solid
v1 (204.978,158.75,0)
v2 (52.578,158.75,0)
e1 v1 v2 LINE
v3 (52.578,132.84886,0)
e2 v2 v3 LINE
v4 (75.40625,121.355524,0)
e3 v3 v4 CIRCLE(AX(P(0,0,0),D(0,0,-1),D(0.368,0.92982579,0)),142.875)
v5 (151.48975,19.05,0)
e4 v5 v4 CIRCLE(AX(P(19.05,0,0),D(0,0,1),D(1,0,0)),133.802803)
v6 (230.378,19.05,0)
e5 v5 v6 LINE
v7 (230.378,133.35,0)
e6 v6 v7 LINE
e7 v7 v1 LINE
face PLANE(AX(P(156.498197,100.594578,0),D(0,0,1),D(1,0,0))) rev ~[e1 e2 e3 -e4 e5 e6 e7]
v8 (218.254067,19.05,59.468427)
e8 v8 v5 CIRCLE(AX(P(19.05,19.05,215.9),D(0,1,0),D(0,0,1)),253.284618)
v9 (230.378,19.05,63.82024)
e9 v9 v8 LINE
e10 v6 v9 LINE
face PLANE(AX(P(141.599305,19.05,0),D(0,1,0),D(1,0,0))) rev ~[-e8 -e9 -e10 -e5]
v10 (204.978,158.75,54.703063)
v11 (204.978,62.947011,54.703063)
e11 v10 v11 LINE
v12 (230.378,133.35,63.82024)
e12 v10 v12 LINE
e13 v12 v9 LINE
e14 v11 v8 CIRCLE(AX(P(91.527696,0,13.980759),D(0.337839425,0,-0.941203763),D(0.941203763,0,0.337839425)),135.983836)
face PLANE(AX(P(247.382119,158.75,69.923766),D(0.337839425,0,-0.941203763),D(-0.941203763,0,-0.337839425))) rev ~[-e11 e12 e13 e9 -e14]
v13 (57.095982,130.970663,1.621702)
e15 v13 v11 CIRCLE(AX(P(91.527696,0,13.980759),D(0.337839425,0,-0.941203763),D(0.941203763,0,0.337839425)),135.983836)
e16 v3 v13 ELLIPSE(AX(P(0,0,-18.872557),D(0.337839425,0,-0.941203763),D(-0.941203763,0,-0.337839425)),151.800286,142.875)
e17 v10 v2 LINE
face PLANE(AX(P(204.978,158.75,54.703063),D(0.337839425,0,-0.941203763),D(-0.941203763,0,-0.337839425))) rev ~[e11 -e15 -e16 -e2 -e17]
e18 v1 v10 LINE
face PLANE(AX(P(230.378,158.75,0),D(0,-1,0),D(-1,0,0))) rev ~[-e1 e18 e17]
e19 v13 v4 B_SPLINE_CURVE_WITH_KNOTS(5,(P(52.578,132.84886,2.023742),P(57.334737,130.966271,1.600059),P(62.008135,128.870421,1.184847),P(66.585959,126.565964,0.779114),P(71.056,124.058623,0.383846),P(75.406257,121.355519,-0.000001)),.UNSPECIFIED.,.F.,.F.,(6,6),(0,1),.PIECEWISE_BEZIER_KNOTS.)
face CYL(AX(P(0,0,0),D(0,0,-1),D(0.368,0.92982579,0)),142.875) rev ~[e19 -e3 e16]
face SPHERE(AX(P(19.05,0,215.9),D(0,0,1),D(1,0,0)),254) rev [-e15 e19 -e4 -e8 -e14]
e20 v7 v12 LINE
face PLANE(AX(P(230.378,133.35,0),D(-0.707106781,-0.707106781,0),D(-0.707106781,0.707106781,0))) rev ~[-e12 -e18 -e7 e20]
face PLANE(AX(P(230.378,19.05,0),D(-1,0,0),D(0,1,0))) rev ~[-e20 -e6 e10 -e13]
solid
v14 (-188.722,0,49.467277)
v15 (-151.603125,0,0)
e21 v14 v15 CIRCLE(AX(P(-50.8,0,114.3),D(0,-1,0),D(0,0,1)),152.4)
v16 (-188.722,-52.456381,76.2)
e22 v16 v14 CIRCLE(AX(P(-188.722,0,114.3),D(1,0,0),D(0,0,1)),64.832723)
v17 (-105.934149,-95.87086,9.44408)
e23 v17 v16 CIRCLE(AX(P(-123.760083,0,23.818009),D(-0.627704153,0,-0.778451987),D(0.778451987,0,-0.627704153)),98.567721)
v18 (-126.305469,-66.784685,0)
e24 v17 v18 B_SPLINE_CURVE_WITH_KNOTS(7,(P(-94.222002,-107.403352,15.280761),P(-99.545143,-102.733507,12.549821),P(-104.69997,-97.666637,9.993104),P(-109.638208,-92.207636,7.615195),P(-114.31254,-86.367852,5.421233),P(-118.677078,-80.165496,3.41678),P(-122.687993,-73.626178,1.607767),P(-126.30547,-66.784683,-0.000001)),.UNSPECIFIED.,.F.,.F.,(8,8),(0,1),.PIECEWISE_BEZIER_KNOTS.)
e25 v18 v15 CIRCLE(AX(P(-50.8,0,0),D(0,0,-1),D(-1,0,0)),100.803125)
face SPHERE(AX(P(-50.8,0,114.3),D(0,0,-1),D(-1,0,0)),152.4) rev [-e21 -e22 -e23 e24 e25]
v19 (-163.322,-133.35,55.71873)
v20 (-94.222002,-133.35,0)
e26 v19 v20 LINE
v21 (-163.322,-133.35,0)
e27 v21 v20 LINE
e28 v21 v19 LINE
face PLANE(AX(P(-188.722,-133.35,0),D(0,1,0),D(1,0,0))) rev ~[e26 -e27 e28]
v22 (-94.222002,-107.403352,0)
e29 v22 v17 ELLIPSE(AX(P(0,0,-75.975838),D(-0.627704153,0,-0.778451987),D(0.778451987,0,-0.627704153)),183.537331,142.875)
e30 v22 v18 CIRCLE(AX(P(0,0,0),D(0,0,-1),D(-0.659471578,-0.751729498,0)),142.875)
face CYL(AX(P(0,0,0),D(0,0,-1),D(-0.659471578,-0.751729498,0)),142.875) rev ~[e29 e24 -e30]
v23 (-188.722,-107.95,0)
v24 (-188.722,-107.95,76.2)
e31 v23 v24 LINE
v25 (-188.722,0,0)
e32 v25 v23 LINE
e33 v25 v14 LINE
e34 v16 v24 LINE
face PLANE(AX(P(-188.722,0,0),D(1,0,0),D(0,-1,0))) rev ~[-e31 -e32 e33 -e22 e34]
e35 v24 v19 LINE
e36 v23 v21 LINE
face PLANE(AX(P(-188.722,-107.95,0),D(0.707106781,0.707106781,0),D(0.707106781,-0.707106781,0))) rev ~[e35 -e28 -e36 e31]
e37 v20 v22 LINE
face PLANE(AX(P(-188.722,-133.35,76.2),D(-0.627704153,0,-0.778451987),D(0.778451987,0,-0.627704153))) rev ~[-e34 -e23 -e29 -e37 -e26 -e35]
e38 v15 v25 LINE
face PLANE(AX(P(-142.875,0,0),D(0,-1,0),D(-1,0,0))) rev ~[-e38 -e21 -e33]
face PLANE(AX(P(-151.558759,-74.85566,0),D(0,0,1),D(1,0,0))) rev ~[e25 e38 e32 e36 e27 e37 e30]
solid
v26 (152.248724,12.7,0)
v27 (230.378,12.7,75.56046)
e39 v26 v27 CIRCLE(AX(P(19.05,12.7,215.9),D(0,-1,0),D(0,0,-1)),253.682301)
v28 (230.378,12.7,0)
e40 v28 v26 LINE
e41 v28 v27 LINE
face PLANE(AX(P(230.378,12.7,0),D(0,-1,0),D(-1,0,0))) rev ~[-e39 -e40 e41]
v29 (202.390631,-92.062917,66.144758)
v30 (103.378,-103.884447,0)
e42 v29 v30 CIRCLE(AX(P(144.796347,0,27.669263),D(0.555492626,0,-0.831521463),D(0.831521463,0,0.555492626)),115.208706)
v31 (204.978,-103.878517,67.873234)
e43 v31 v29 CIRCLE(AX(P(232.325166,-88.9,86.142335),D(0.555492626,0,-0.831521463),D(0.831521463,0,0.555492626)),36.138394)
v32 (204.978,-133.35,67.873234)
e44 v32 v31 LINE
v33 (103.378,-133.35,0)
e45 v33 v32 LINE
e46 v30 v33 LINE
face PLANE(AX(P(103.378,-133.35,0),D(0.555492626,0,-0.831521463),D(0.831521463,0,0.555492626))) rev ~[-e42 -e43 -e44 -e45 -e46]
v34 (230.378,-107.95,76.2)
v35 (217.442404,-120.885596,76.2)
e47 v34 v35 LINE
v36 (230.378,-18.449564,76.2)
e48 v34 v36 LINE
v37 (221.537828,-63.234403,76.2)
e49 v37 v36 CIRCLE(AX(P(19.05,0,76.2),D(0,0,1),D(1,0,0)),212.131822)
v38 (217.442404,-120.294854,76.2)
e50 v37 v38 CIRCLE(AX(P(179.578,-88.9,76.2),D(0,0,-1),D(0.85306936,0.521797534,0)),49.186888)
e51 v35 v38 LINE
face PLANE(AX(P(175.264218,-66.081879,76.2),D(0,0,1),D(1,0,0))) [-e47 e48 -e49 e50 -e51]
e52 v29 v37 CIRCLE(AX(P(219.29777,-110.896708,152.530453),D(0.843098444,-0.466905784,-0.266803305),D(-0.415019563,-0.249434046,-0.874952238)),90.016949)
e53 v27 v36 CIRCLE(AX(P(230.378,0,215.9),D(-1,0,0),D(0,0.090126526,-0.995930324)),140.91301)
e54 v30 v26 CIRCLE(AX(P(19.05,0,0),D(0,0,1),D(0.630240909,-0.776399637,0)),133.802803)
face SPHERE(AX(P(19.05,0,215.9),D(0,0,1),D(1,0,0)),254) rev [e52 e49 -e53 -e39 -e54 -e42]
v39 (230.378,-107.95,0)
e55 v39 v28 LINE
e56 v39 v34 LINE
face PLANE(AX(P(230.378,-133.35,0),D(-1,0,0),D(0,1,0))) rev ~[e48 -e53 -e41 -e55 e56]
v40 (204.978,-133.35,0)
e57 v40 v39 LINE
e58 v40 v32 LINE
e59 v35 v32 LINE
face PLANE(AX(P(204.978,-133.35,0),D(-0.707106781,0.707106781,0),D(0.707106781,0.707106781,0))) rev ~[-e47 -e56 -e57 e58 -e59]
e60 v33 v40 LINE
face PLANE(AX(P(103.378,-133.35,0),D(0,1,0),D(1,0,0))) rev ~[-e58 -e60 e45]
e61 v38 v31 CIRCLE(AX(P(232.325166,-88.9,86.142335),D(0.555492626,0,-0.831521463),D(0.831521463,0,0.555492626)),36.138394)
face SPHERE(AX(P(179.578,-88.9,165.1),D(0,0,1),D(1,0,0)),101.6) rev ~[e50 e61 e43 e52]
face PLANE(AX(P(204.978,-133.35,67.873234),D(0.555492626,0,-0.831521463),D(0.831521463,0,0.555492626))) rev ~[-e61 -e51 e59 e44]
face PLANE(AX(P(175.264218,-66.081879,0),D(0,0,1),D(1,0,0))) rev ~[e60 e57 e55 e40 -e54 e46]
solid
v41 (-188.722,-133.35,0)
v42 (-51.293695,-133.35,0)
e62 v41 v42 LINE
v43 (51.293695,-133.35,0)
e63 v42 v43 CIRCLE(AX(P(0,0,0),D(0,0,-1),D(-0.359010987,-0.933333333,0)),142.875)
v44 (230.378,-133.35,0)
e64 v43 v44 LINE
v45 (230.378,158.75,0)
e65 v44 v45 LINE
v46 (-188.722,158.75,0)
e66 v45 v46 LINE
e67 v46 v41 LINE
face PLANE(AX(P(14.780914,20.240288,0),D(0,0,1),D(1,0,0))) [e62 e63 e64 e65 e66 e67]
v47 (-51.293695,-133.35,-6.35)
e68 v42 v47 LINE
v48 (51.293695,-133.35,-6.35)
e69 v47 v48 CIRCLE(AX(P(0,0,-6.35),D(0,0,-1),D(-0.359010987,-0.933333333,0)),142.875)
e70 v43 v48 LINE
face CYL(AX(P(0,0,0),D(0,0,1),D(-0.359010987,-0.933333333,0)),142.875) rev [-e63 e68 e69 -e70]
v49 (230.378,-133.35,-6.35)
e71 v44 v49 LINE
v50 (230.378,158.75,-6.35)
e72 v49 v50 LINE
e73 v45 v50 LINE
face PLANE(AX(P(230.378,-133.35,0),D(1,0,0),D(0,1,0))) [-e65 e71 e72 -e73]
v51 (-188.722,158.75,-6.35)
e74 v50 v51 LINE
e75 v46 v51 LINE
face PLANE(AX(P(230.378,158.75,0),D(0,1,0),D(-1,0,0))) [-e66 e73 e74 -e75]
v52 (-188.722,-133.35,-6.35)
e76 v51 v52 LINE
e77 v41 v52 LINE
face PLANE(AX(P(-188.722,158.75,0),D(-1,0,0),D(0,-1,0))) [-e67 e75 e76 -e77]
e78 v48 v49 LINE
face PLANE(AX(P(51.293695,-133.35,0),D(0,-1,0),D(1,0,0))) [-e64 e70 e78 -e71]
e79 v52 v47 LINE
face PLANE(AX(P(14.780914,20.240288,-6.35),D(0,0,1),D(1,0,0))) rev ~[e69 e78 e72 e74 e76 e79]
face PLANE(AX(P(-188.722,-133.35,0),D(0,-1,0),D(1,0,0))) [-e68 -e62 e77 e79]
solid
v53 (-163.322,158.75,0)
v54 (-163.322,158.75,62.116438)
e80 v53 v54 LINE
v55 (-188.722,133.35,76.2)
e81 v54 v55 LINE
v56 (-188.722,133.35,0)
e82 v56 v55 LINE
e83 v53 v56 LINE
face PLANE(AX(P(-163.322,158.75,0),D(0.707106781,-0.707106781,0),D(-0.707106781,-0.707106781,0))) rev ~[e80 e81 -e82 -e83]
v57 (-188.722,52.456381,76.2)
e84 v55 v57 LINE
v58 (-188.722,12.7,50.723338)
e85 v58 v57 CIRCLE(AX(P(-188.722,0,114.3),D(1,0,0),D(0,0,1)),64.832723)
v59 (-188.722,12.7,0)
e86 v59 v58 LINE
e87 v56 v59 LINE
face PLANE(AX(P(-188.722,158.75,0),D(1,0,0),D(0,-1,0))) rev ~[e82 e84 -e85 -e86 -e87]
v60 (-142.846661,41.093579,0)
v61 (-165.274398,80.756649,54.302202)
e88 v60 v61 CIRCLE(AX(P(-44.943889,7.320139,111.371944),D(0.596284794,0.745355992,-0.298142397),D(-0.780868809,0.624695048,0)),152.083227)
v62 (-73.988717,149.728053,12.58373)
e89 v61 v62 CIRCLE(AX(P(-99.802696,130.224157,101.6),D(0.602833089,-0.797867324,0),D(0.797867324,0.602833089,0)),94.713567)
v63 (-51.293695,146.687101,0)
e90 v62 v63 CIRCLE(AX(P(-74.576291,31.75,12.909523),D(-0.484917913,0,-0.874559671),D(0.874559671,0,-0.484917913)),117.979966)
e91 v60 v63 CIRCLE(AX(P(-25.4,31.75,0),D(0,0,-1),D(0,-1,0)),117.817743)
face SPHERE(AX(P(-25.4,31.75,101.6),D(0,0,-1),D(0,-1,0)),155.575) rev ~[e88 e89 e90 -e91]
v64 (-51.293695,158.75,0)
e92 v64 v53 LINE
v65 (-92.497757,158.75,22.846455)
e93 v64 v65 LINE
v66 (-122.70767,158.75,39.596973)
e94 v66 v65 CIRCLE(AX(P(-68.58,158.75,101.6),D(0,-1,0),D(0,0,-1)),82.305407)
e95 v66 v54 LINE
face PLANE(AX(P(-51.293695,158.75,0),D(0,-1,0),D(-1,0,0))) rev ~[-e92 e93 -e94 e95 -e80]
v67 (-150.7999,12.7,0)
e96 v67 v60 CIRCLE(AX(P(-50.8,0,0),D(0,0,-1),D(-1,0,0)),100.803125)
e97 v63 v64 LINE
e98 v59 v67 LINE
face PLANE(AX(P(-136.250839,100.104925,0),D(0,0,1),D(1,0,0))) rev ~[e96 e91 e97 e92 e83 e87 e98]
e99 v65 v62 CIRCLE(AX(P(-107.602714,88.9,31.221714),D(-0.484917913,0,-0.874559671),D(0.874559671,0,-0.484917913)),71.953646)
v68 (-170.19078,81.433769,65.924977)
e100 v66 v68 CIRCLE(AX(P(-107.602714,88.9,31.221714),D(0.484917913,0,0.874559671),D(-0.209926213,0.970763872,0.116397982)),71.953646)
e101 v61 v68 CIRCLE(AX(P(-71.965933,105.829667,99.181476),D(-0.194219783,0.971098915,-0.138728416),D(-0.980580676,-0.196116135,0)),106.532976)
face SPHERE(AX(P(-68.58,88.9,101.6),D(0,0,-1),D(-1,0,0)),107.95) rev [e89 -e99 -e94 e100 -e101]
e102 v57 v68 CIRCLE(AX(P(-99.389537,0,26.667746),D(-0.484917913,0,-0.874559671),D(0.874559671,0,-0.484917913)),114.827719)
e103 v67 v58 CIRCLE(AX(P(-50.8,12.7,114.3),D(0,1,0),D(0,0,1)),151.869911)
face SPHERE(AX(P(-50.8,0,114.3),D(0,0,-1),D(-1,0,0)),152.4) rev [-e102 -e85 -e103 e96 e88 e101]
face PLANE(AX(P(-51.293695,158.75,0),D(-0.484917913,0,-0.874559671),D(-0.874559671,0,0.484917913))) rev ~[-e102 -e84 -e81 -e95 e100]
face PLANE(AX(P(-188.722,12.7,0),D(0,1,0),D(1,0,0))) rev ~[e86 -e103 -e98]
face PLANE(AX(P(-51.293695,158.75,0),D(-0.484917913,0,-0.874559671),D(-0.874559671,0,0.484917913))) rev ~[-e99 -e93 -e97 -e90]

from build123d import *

# Parameters (mm, degrees)
F1_DEPTH       = 6.35
F3_DEPTH       = 76.2
F11_DEPTH      = 76.2
F13_DEPTH      = 127
F15_DEPTH      = 152.4
F17_DEPTH      = 152.4
F19_REACH      = 112.1220245843
F21_DEPTH      = 152.4
F25_DEPTH      = 152.4
F27_DEPTH      = 152.4
F31_DEPTH      = 76.201
F33_DEPTH      = 76.201
F36_ANGLE_BACK = 90
F36_ANGLE      = 180


with BuildPart() as f1:
    # F0 (on Top) → F1 (new body)
    with BuildSketch(Plane.XY):
        with BuildLine():
            Line((230.378, 158.75), (-188.722, 158.75))
            Line((-188.722, 158.75), (-188.722, -133.35))
            Line((-188.722, -133.35), (-51.293694788, -133.35))
            ThreePointArc((-51.293694788, -133.35), (-80.8847296533, 117.7748960259), (142.875, 0))
            ThreePointArc((142.875, 0), (117.7748960259, -80.8847296533), (51.293694788, -133.35))
            Line((51.2936947879, -133.35), (230.378, -133.35))
            Line((230.378, -133.35), (230.378, 158.75))
        make_face()
    extrude(amount=-F1_DEPTH)


with BuildPart() as f3:
    # F2 (on face) → F3 (new body)
    with BuildSketch(Plane.XY):
        with BuildLine():
            Line((-51.293694788, 133.35), (-51.293694788, 158.75))
            Line((-51.293694788, 158.75), (-188.722, 158.75))
            Line((-188.722, 158.75), (-188.722, 12.7))
            Line((-188.722, 12.7), (-142.3094361769, 12.7))
            ThreePointArc((-142.3094361769, 12.7), (-114.0598470315, 86.0442730235), (-51.293694788, 133.35))
        make_face()
    extrude(amount=F3_DEPTH)


with BuildPart() as f3b:
    # F2 (on face) → F3, piece 2 (new body)
    with BuildSketch(Plane.XY):
        with BuildLine():
            ThreePointArc((-94.2220017314, -107.4033519716), (-130.1446005841, -58.9546314026), (-142.875, 0))
            Line((-142.875, 0), (-188.722, 0))
            Line((-188.722, 0), (-188.722, -133.35))
            Line((-188.722, -133.35), (-94.2220017314, -133.35))
            Line((-94.2220017314, -133.35), (-94.2220017314, -107.4033519716))
        make_face()
    extrude(amount=F3_DEPTH)


with BuildPart() as f3c:
    # F2 (on face) → F3, piece 3 (new body)
    with BuildSketch(Plane.XY):
        with BuildLine():
            Line((230.378, -133.35), (230.378, 12.7))
            Line((230.378, 12.7), (142.3094361769, 12.7))
            ThreePointArc((142.3094361769, 12.7), (142.7335390138, 6.356293386), (142.875, 0))
            ThreePointArc((142.875, 0), (132.6337011755, -53.1184237106), (103.378, -98.6217762008))
            Line((103.378, -98.6217762008), (103.378, -133.35))
            Line((103.378, -133.35), (230.378, -133.35))
        make_face()
    extrude(amount=F3_DEPTH)


with BuildPart() as f3d:
    # F2 (on face) → F3, piece 4 (new body)
    with BuildSketch(Plane.XY):
        with BuildLine():
            Line((230.378, 19.05), (230.378, 158.75))
            Line((230.378, 158.75), (52.578, 158.75))
            Line((52.578, 158.75), (52.578, 132.8488597655))
            ThreePointArc((52.578, 132.8488597655), (112.5333352727, 88.0313244101), (141.5993048182, 19.05))
            Line((141.5993048182, 19.05), (230.378, 19.05))
        make_face()
    extrude(amount=F3_DEPTH)


with BuildPart() as f5_tool:
    # F4 (on Front) → F5 (revolve)
    with BuildSketch(Plane.XZ):
        with BuildLine():
            ThreePointArc((43.0044271052, -36.9679209035), (206.9335071058, 44.9737359045), (273.05, 215.9))
            ThreePointArc((273.05, 215.9), (206.9335071058, 386.8262640955), (43.0044271052, 468.7679209035))
            Line((43.0044271052, 468.7679209035), (43.0044271052, -36.9679209035))
        make_face()
    revolve(axis=Axis((19.05, 0, 121.6264636263), (0, 0, -1)))


with BuildPart() as f3_1:
    add(f3.part)

    # F5: cut by f5_tool
    add(f5_tool.part, mode=Mode.SUBTRACT)


with BuildPart() as f3b_1:
    add(f3b.part)

    # F5: cut by f5_tool
    add(f5_tool.part, mode=Mode.SUBTRACT)


with BuildPart() as f3c_1:
    add(f3c.part)

    # F5: cut by f5_tool
    add(f5_tool.part, mode=Mode.SUBTRACT)

    # F8 (on offset) → F9 (revolve, cut)
    with BuildSketch(Plane.XZ.offset(88.9)):
        with BuildLine():
            ThreePointArc((179.578, 63.5), (251.4200489686, 93.2579510314), (281.178, 165.1))
            ThreePointArc((281.178, 165.1), (251.4200489686, 236.9420489686), (179.578, 266.7))
            Line((179.578, 266.7), (179.578, 179.8048467159))
            Line((179.578, 179.8048467159), (179.578, 105.8732718945))
            Line((179.578, 105.8732718945), (179.578, 63.5))
        make_face()
    revolve(axis=Axis((179.578, -88.9, 186.2866359472), (0, 0, 1)), mode=Mode.SUBTRACT)

    # F10 (on face) → F11 (cut)
    with BuildSketch(Plane.XZ.offset(133.35)):
        with BuildLine():
            Line((86.0403324599, 0), (103.378, 0))
            Line((103.378, 0), (103.378, 16.8458216565))
            ThreePointArc((103.378, 16.8458216565), (132.8035768164, 32.068824022), (159.5575009242, 51.6093438931))
            Line((159.5575009242, 51.6093438931), (170.857608201, 61.9901965686))
            Line((170.857608201, 61.9901965686), (86.0403324599, 61.9901965686))
            Line((86.0403324599, 61.9901965686), (86.0403324599, 0))
        make_face()
        with BuildLine():
            Line((103.378, 16.8458216565), (103.378, 0))
            Line((103.378, 0), (159.5575009242, 51.6093438931))
            ThreePointArc((159.5575009242, 51.6093438931), (132.8035768164, 32.068824022), (103.378, 16.8458216565))
        make_face()
    extrude(amount=-F11_DEPTH, mode=Mode.SUBTRACT)

    # F12 (on face) → F13 (cut)
    with BuildSketch(Plane(origin=(0, 0, 0), x_dir=(1, 0, 0), z_dir=(0, 0, -1))):
        Polygon((230.378, 107.95), (230.378, 133.35), (204.978, 133.35), align=None)
    extrude(amount=-F13_DEPTH, mode=Mode.SUBTRACT)

    # F16 (on face) → F17 (cut)
    with BuildSketch(Plane.XZ.offset(133.35)):
        with BuildLine():
            Line((81.6757380962, 94.7376266122), (103.378, 0))
            Line((103.378, 0), (159.5575009242, 51.6093438931))
            ThreePointArc((159.5575009242, 51.6093438931), (171.1523609482, 62.2814812792), (181.9389750578, 73.7699211827))
            ThreePointArc((181.9389750578, 73.7699211827), (191.3516351124, 74.5012195654), (200.6385674188, 76.2))
            Line((200.6385674188, 76.2), (204.978, 76.2))
            Line((204.978, 76.2), (204.978, 67.873233951))
            Line((204.978, 67.873233951), (231.3560694456, 85.4949355125))
            Line((231.3560694456, 85.4949355125), (81.6757380962, 94.7376266122))
        make_face()
        with BuildLine():
            Line((159.5575009242, 51.6093438931), (103.378, 0))
            Line((103.378, 0), (204.978, 67.873233951))
            Line((204.978, 67.873233951), (204.978, 76.2))
            Line((204.978, 76.2), (200.6385674188, 76.2))
            ThreePointArc((200.6385674188, 76.2), (191.3516351124, 74.5012195654), (181.9389750578, 73.7699211827))
            ThreePointArc((181.9389750578, 73.7699211827), (171.1523609482, 62.2814812792), (159.5575009242, 51.6093438931))
        make_face()
    extrude(amount=-F17_DEPTH, mode=Mode.SUBTRACT)


with BuildPart() as f3d_1:
    add(f3d.part)

    # F5: cut by f5_tool
    add(f5_tool.part, mode=Mode.SUBTRACT)

    # F14 (on face) → F15 (cut)
    with BuildSketch(Plane(origin=(0, 158.75, 0), x_dir=(-1, 0, 0), z_dir=(0, 1, 0))):
        with BuildLine():
            Line((-230.378, 76.2), (-52.578, 0))
            Line((-52.578, 0), (-52.578, 20.4765860599))
            ThreePointArc((-52.578, 20.4765860599), (-110.5141937677, 39.9774637563), (-159.7566007691, 76.2))
            Line((-159.7566007691, 76.2), (-230.378, 76.2))
        make_face()
        with BuildLine():
            Line((-52.578, 20.4765860599), (-52.578, 0))
            Line((-52.578, 0), (-8.8528534397, 51.8463514745))
            Line((-8.8528534397, 51.8463514745), (-213.0013555288, 128.0403733253))
            Line((-213.0013555288, 128.0403733253), (-230.378, 76.2))
            Line((-230.378, 76.2), (-159.7566007691, 76.2))
            ThreePointArc((-159.7566007691, 76.2), (-110.5141937677, 39.9774637563), (-52.578, 20.4765860599))
        make_face()
    extrude(amount=-F15_DEPTH, mode=Mode.SUBTRACT)

    f19_end = f3d_1.faces().sort_by_distance((171.0382708789, 128.792792972, 50.7686875195))[0]
    # F18 (on face) → F19 (cut, up to a face of the model that its end follows)
    with BuildSketch(Plane(origin=(0, 0, 0), x_dir=(1, 0, 0), z_dir=(0, 0, -1))):
        Polygon((204.978, -158.75), (230.378, -158.75), (230.378, -133.35), align=None)
    f19_long = extrude(amount=-F19_REACH, mode=Mode.PRIVATE)
    add(split(f19_long, bisect_by=f19_end, keep=Keep.BOTTOM, mode=Mode.PRIVATE), mode=Mode.SUBTRACT)

    # F20 (on face) → F21 (cut)
    with BuildSketch(Plane(origin=(0, 158.75, 0), x_dir=(-1, 0, 0), z_dir=(0, 1, 0))):
        Polygon((-204.978, 65.3142857143), (-52.578, 0), (-166.017100215, 113.822966814), (-247.382119298, 121.0022349213), (-247.382119298, 69.9237659574), (-204.978, 54.7030625959), align=None)
        Polygon((-204.978, 54.7030625959), (-52.578, 0), (-204.978, 65.3142857143), align=None)
    extrude(amount=-F21_DEPTH, mode=Mode.SUBTRACT)


with BuildPart() as f23_tool:
    # F22 (on Front) → F23 (revolve)
    with BuildSketch(Plane.XZ):
        with BuildLine():
            Line((-50.8, 87.3236291427), (-50.8, 266.7))
            ThreePointArc((-50.8, 266.7), (-203.2, 114.3), (-50.8, -38.1))
            Line((-50.8, -38.1), (-50.8, 13.3920543212))
            Line((-50.8, 13.3920543212), (-50.8, 87.3236291427))
        make_face()
    revolve(axis=Axis((-50.8, 0, 140.0460271606), (0, 0, 1)))


with BuildPart() as f3_2:
    add(f3_1.part)

    # F23: cut by f23_tool
    add(f23_tool.part, mode=Mode.SUBTRACT)

    # F26 (on face) → F27 (cut)
    with BuildSketch(Plane(origin=(0, 158.75, 0), x_dir=(-1, 0, 0), z_dir=(0, 1, 0))):
        with BuildLine():
            Line((51.293694788, 30.5187655031), (51.293694788, 0))
            Line((51.293694788, 0), (188.722, 76.2))
            Line((188.722, 76.2), (121.6566007691, 76.2))
            ThreePointArc((121.6566007691, 76.2), (88.9187483023, 49.5954994896), (51.293694788, 30.5187655031))
        make_face()
        with BuildLine():
            Line((16.027521342, 114.0955016017), (51.293694788, 0))
            Line((51.293694788, 0), (51.293694788, 30.5187655031))
            ThreePointArc((51.293694788, 30.5187655031), (88.9187483023, 49.5954994896), (121.6566007691, 76.2))
            Line((121.6566007691, 76.2), (188.722, 76.2))
            Line((188.722, 76.2), (202.6786208153, 107.6769605279))
            Line((202.6786208153, 107.6769605279), (16.027521342, 114.0955016017))
        make_face()
    extrude(amount=-F27_DEPTH, mode=Mode.SUBTRACT)

    # F28 (on offset) → F29 (revolve, cut)
    with BuildSketch(Plane.XZ.offset(-88.9)):
        with BuildLine():
            Line((-68.58, -6.35), (-68.58, 209.55))
            ThreePointArc((-68.58, 209.55), (-176.53, 101.6), (-68.58, -6.35))
        make_face()
    revolve(axis=Axis((-68.58, 88.9, 101.6), (0, 0, 1)), mode=Mode.SUBTRACT)

    # F32 (on face) → F33 (cut, through all)
    with BuildSketch(Plane(origin=(0, 0, 0), x_dir=(1, 0, 0), z_dir=(0, 0, -1))):
        Polygon((-188.722, -133.35), (-188.722, -158.75), (-163.322, -158.75), align=None)
    extrude(amount=-F33_DEPTH, mode=Mode.SUBTRACT)

    # F35 (on offset) → F36 (revolve, cut)
    with BuildSketch(Plane.XZ.offset(-31.75), mode=Mode.PRIVATE) as f36_sk:
        with BuildLine():
            Line((-25.4, -53.975), (-25.4, 257.175))
            ThreePointArc((-25.4, 257.175), (-180.975, 101.6), (-25.4, -53.975))
        make_face()
    revolve(f36_sk.sketch.rotate(Axis((-25.4, 31.75, 101.6), (0, 0, -1)), -F36_ANGLE_BACK), axis=Axis((-25.4, 31.75, 101.6), (0, 0, -1)), revolution_arc=F36_ANGLE, mode=Mode.SUBTRACT)


with BuildPart() as f3b_2:
    add(f3b_1.part)

    # F23: cut by f23_tool
    add(f23_tool.part, mode=Mode.SUBTRACT)

    # F24 (on face) → F25 (cut)
    with BuildSketch(Plane.XZ.offset(133.35)):
        with BuildLine():
            Line((-94.2220017314, 31.7716992862), (-94.2220017314, 0))
            Line((-94.2220017314, 0), (-40.7899729908, 17.2016825527))
            Line((-40.7899729908, 17.2016825527), (-76.9905298948, 100.385941565))
            Line((-76.9905298948, 100.385941565), (-166.8500751257, 100.385941565))
            Line((-166.8500751257, 100.385941565), (-188.722, 76.2))
            Line((-188.722, 76.2), (-145.9278394209, 76.2))
            ThreePointArc((-145.9278394209, 76.2), (-121.8372315059, 51.9348649908), (-94.2220017314, 31.7716992862))
        make_face()
        with BuildLine():
            Line((-188.722, 76.2), (-94.2220017314, 0))
            Line((-94.2220017314, 0), (-94.2220017314, 31.7716992862))
            ThreePointArc((-94.2220017314, 31.7716992862), (-121.8372315059, 51.9348649908), (-145.9278394209, 76.2))
            Line((-145.9278394209, 76.2), (-188.722, 76.2))
        make_face()
    extrude(amount=-F25_DEPTH, mode=Mode.SUBTRACT)

    # F30 (on face) → F31 (cut, through all)
    with BuildSketch(Plane(origin=(0, 0, 0), x_dir=(1, 0, 0), z_dir=(0, 0, -1))):
        Polygon((-163.322, 133.35), (-188.722, 133.35), (-188.722, 107.95), align=None)
    extrude(amount=-F31_DEPTH, mode=Mode.SUBTRACT)


solid = Compound([f1.part, f3c_1.part, f3d_1.part, f3_2.part, f3b_2.part])
